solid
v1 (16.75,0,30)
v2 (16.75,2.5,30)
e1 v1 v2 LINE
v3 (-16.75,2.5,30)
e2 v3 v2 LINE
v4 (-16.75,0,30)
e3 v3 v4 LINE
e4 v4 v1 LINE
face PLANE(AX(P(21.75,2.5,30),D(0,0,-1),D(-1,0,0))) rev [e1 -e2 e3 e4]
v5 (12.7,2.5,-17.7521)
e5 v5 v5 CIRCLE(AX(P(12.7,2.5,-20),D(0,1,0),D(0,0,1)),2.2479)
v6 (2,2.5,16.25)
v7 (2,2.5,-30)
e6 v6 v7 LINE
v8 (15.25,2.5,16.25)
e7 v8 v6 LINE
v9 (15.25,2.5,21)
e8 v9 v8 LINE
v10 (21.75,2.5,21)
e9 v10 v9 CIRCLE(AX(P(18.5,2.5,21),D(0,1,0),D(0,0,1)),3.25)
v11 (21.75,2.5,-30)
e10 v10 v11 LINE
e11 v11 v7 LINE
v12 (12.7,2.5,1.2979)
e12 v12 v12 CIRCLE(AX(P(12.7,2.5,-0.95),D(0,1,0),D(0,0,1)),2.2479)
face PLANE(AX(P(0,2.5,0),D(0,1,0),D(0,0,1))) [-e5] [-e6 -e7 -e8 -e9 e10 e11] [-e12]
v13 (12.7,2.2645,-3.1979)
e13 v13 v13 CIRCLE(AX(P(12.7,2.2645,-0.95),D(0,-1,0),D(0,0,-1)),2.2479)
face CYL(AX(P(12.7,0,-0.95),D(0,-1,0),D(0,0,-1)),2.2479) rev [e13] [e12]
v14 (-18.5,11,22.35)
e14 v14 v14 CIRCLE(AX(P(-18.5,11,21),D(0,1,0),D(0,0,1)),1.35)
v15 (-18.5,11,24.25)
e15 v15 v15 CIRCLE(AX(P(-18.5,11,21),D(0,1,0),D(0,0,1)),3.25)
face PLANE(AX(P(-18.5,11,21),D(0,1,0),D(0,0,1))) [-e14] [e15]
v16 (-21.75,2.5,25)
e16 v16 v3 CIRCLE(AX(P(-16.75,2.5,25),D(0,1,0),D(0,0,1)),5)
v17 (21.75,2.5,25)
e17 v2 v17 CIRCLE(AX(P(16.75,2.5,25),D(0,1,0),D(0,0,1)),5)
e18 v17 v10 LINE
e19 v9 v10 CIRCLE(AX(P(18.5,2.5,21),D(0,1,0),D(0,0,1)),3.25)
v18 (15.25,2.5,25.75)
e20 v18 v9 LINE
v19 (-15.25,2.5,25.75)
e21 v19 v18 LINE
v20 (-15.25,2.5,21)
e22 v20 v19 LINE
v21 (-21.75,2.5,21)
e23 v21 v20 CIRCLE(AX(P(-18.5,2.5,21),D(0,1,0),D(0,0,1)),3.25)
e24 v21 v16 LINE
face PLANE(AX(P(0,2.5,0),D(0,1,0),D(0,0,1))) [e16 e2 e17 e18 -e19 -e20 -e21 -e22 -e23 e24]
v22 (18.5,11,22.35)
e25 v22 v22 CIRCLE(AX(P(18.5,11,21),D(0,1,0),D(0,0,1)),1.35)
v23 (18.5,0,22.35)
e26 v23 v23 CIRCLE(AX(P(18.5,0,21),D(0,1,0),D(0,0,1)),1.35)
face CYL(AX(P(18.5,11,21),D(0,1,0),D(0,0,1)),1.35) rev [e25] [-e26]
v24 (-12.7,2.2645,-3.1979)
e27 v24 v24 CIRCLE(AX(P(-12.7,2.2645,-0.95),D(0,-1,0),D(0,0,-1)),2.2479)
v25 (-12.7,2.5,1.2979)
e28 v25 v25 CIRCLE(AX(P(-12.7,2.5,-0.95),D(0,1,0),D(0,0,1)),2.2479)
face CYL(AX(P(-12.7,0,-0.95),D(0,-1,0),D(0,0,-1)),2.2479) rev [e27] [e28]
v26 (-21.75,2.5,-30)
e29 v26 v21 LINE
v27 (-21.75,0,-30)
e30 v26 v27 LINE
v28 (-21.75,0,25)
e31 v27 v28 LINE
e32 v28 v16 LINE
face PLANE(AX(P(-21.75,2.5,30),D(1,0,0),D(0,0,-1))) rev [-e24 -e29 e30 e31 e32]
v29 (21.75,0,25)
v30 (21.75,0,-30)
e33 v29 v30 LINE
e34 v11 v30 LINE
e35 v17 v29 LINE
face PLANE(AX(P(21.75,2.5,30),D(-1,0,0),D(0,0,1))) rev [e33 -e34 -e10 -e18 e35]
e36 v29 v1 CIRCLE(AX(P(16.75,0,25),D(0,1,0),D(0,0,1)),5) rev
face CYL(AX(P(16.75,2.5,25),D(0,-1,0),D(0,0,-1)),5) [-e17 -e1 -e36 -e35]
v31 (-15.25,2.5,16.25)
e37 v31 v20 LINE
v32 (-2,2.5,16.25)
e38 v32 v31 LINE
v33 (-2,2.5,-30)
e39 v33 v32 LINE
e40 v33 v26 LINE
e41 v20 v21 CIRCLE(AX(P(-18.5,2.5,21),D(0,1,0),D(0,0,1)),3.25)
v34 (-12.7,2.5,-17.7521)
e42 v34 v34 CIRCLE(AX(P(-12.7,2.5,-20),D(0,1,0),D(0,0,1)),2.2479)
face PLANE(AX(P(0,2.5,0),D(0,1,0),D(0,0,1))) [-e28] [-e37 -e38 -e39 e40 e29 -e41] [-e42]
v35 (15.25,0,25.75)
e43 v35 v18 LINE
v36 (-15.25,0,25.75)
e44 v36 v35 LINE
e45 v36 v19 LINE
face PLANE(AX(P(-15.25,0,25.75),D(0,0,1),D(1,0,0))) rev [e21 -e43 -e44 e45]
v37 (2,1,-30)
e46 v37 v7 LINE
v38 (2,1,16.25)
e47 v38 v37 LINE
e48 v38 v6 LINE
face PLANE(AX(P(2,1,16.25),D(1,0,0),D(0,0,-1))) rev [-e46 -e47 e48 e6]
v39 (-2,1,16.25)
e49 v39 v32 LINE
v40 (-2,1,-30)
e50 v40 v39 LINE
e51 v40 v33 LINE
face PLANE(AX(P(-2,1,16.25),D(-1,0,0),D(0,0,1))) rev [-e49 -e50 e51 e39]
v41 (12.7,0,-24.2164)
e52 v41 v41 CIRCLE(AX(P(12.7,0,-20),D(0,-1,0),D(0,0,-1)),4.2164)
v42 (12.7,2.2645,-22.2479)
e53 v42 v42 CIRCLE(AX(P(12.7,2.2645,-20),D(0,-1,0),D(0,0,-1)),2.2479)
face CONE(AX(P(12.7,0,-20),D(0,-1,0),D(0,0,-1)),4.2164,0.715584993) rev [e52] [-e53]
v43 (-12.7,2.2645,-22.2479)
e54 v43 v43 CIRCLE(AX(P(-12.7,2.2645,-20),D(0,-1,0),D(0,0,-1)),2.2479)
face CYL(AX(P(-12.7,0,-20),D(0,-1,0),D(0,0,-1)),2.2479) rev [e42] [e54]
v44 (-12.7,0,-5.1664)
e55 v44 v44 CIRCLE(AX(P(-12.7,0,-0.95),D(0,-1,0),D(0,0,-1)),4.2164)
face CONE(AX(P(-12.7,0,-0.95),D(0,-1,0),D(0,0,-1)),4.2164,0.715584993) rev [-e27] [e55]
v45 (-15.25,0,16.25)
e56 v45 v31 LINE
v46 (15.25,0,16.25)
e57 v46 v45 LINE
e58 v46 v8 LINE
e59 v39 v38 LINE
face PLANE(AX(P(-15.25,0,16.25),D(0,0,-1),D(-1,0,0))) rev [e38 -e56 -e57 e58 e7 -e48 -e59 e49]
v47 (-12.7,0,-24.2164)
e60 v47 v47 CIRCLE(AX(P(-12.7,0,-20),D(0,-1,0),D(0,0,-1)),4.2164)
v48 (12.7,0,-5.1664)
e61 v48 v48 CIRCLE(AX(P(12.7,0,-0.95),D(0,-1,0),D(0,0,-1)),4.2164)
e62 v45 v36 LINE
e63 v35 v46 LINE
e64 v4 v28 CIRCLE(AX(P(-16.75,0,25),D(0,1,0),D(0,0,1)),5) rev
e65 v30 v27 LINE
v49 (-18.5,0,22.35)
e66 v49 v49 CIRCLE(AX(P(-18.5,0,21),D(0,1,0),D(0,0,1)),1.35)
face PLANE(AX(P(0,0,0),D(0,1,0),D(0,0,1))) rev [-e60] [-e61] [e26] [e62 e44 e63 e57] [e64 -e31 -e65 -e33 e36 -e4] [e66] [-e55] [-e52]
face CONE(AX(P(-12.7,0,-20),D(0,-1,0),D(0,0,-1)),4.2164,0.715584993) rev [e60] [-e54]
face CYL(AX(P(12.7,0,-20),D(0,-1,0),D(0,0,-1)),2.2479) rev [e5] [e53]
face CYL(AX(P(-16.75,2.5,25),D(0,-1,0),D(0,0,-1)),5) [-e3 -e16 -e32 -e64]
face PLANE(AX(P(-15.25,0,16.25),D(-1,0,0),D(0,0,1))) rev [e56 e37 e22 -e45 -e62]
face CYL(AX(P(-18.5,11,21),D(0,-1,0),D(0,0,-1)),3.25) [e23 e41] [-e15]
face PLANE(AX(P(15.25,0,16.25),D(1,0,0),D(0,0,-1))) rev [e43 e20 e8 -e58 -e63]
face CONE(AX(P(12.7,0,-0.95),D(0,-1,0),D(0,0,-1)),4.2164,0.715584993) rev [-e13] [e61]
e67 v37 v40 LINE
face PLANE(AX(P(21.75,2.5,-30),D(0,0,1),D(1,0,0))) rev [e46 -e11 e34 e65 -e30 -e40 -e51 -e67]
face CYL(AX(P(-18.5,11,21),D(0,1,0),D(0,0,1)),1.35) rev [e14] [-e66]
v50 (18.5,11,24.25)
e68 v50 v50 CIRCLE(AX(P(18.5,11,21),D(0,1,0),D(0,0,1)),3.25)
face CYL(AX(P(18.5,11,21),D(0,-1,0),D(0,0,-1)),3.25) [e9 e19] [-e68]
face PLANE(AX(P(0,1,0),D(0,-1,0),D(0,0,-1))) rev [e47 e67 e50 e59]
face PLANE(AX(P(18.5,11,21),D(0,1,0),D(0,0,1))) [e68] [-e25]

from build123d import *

# Parameters (mm, degrees)
SKETCH2_W                                      = 43.5
SKETCH2_H                                      = 60
BOSS_EXTRUDE1_DEPTH                            = 2.5
SKETCH3_W                                      = 30.5
SKETCH3_H                                      = 9.5
CUT_EXTRUDE1_DEPTH                             = 38.13909665
SKETCH4_R                                      = 3.25
BOSS_EXTRUDE2_DEPTH                            = 8.5
TAP_DRILL_FOR_M3X0_5_TAP1_D                    = 2.7
FILLET1_R                                      = 5
SKETCH7_W                                      = 4
SKETCH7_H                                      = 46.25
CUT_EXTRUDE2_DEPTH                             = 1.5
CSK_FOR_8_FLAT_HEAD_MACHINE_SCREW1_D           = 4.4958
CSK_FOR_8_FLAT_HEAD_MACHINE_SCREW1_CSINK_D     = 8.4328
CSK_FOR_8_FLAT_HEAD_MACHINE_SCREW1_CSINK_ANGLE = 82


with BuildPart() as part:
    # Sketch2 → Boss-Extrude1 (new body)
    with BuildSketch(Plane(origin=(0, 0, 0), x_dir=(1, 0, 0), z_dir=(0, 1, 0))):
        Rectangle(SKETCH2_W, SKETCH2_H)
    extrude(amount=BOSS_EXTRUDE1_DEPTH)

    # Sketch3 → Cut-Extrude1 (cut, through all)
    with BuildSketch(Plane(origin=(0, 2.5, 0), x_dir=(1, 0, 0), z_dir=(0, 1, 0))):
        with Locations((0, -21)):
            Rectangle(SKETCH3_W, SKETCH3_H)
    extrude(amount=-CUT_EXTRUDE1_DEPTH, mode=Mode.SUBTRACT)

    # Sketch4 → Boss-Extrude2 (add)
    with BuildSketch(Plane(origin=(0, 2.5, 0), x_dir=(1, 0, 0), z_dir=(0, 1, 0))):
        with Locations(Location((-18.5, -21, 0), (0, 0, 180))):
            Circle(SKETCH4_R)
        with Locations(Location((18.5, -21, 0), (0, 0, 180))):
            Circle(SKETCH4_R)
    extrude(amount=BOSS_EXTRUDE2_DEPTH)

    # Tap Drill for M3x0.5 Tap1 (through all)
    with Locations(Plane(origin=(0, 11, 0), x_dir=(1, 0, 0), z_dir=(0, 1, 0))):
        with Locations((-18.5, -21), (18.5, -21)):
            Hole(TAP_DRILL_FOR_M3X0_5_TAP1_D / 2)

    # Fillet1
    fillet1_edges = [part.edges().sort_by_distance(p)[0] for p in [
        (21.75, 1.25, 30),
        (-21.75, 1.25, 30),
    ]]
    fillet(fillet1_edges, radius=FILLET1_R)

    # Sketch7 → Cut-Extrude2 (cut)
    with BuildSketch(Plane(origin=(0, 2.5, 0), x_dir=(1, 0, 0), z_dir=(0, 1, 0))):
        with Locations((0, 6.875)):
            Rectangle(SKETCH7_W, SKETCH7_H)
    extrude(amount=-CUT_EXTRUDE2_DEPTH, mode=Mode.SUBTRACT)

    # CSK for #8 Flat Head Machine Screw1 (through all)
    with Locations(Plane(origin=(0, 0, 0), x_dir=(-1, 0, 0), z_dir=(0, -1, 0))):
        with Locations((-12.7, 0.95), (-12.7, 20), (12.7, 0.95), (12.7, 20)):
            CounterSinkHole(CSK_FOR_8_FLAT_HEAD_MACHINE_SCREW1_D / 2, CSK_FOR_8_FLAT_HEAD_MACHINE_SCREW1_CSINK_D / 2, counter_sink_angle=CSK_FOR_8_FLAT_HEAD_MACHINE_SCREW1_CSINK_ANGLE)


solid = part.part
